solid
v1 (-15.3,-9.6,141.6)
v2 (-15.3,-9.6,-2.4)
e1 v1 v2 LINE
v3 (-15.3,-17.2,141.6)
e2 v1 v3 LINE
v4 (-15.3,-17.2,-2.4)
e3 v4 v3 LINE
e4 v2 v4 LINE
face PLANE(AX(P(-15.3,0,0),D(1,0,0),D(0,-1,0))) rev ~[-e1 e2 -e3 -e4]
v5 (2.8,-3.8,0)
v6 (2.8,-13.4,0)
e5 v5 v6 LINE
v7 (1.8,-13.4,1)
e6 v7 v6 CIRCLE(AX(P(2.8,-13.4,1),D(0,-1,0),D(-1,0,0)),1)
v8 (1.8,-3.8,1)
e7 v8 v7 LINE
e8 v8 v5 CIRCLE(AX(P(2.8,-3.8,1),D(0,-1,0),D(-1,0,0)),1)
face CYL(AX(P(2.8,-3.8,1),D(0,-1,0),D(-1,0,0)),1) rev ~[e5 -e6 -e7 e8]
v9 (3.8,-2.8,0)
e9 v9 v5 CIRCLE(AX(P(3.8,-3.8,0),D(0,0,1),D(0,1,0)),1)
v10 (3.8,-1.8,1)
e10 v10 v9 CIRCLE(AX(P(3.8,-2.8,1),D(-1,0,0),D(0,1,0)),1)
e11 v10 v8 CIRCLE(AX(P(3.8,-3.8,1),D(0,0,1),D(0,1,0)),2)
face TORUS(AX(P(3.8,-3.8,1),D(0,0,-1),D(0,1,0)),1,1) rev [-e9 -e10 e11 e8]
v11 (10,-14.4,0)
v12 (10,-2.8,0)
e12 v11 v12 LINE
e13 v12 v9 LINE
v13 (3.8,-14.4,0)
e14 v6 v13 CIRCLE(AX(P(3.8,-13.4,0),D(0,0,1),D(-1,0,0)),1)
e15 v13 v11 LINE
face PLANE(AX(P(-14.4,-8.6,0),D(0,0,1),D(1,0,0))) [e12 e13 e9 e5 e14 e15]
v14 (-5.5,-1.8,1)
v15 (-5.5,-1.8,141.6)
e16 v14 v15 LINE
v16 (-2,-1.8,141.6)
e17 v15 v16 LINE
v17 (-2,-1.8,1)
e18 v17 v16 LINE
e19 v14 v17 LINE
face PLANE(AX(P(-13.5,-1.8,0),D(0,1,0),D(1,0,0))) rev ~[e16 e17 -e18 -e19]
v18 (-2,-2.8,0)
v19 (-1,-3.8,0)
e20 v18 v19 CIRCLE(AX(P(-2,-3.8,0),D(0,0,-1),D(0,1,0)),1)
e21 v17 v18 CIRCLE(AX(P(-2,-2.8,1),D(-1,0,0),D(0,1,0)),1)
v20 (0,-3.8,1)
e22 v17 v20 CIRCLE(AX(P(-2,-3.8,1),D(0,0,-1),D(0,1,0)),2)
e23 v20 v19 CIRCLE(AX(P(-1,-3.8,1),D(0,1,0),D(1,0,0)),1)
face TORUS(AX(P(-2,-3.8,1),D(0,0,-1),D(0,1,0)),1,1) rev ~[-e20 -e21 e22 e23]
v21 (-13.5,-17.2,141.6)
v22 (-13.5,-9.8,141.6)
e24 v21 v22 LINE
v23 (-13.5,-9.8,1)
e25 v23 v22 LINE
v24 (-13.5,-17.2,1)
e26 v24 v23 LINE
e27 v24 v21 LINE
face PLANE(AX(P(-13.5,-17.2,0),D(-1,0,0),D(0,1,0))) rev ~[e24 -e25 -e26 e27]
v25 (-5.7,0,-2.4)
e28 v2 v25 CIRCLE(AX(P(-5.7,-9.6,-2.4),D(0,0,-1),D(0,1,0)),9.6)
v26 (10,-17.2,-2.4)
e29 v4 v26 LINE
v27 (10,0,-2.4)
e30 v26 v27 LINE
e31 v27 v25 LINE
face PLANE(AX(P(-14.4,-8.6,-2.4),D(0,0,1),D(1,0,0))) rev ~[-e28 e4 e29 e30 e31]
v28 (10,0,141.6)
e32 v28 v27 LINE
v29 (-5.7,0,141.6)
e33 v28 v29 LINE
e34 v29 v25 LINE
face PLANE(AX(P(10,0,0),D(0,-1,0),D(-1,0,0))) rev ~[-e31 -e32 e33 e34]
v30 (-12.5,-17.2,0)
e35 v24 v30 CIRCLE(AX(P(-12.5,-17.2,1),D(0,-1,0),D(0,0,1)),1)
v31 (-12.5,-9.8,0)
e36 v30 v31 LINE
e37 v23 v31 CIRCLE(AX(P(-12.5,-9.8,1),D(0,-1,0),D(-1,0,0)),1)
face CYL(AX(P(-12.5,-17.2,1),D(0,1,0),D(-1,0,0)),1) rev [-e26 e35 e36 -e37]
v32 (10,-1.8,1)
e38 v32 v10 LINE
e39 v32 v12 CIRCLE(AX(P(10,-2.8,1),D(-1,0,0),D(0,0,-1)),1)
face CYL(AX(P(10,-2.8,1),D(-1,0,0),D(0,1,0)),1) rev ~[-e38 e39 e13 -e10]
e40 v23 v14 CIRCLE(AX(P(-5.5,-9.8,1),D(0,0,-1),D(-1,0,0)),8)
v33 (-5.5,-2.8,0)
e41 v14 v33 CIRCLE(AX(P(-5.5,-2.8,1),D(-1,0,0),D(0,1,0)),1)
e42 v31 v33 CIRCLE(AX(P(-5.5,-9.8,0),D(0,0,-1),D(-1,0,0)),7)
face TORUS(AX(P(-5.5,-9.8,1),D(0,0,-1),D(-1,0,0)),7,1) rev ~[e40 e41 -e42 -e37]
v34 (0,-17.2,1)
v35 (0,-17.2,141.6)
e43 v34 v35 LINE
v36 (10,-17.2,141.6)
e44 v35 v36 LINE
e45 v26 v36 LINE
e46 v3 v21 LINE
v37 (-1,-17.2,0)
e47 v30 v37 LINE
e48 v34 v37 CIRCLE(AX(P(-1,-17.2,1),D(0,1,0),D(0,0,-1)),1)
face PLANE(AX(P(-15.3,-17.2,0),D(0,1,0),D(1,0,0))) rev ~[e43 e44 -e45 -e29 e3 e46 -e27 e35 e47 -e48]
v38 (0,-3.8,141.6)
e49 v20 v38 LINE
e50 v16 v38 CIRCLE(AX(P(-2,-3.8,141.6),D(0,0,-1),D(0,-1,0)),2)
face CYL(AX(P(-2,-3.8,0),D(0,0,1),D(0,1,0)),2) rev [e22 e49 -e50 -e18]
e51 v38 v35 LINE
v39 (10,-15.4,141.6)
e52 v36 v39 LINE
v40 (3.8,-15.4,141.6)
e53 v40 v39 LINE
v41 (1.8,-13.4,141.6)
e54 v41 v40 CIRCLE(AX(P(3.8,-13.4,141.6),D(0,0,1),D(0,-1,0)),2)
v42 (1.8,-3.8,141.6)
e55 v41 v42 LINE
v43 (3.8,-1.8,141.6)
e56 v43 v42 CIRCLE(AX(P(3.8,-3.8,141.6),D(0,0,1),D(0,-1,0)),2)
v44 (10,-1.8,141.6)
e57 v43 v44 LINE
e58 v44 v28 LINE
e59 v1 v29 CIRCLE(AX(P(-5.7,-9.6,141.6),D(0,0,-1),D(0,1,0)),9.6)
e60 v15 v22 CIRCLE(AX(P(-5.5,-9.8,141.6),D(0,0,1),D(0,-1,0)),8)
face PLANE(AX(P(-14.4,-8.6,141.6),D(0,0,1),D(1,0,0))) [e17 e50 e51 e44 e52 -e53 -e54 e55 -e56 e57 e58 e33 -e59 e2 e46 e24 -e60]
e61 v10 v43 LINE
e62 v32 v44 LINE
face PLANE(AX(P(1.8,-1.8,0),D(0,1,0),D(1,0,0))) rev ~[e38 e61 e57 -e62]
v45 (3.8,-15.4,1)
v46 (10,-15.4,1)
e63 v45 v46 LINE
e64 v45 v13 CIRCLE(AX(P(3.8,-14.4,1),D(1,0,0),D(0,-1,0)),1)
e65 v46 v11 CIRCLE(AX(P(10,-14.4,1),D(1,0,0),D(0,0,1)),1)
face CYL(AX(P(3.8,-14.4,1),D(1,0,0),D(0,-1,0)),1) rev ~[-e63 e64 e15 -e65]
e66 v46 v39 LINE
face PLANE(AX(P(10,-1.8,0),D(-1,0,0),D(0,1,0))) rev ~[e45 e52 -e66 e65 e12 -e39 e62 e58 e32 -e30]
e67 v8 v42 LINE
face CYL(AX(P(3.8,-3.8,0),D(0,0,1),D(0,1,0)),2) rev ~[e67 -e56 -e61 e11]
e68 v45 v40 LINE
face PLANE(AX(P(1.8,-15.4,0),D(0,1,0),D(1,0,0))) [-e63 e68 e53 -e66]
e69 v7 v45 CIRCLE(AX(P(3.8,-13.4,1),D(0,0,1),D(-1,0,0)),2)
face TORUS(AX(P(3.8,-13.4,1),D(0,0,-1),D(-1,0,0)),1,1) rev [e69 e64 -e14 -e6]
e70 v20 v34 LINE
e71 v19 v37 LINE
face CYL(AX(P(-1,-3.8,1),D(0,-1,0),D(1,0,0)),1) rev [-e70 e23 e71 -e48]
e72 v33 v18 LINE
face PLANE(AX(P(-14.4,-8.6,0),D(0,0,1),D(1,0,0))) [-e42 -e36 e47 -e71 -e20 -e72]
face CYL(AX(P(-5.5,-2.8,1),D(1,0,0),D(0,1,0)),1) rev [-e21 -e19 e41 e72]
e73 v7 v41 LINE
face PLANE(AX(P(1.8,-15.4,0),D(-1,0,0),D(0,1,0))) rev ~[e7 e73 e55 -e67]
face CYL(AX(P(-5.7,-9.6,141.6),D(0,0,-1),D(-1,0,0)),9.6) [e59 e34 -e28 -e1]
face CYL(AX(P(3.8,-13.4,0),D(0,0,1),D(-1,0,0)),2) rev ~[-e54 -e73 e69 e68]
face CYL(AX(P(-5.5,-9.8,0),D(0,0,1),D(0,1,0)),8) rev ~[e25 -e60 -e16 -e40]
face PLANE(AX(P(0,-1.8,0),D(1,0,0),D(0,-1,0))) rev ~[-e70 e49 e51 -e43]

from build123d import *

# Parameters (mm, degrees)
F0_W     = 13.5
F0_H     = 1.8
F0_H_2   = 15.4
F0_W_2   = 8.2
F0_H_3   = 13.6
F1_DEPTH = 2.4
F2_DEPTH = 141.6
F3_R     = 8
F4_R     = 9.6
F5_R     = 2
F6_R     = 1


with BuildPart() as f1:
    # F0 (on Top) → F1 (new body)
    with BuildSketch(Plane.XY):
        Polygon((-13.5, -1.8), (-13.5, 0), (-15.3, 0), (-15.3, -17.2), (-13.5, -17.2), align=None)
        with Locations((-6.75, -0.9)):
            Rectangle(F0_W, F0_H)
        with Locations((-6.75, -9.5)):
            Rectangle(F0_W, F0_H_2)
        Polygon((1.8, -1.8), (0, -1.8), (0, -17.2), (1.8, -17.2), (1.8, -15.4), align=None)
        with Locations((5.9, -16.3)):
            Rectangle(F0_W_2, F0_H)
        with Locations((5.9, -8.6)):
            Rectangle(F0_W_2, F0_H_3)
        Polygon((10, 0), (0, 0), (0, -1.8), (1.8, -1.8), (10, -1.8), align=None)
    extrude(amount=-F1_DEPTH)

    # F0 (on Top) → F2 (join)
    with BuildSketch(Plane.XY):
        Polygon((-13.5, -1.8), (-13.5, 0), (-15.3, 0), (-15.3, -17.2), (-13.5, -17.2), align=None)
        Polygon((1.8, -1.8), (0, -1.8), (0, -17.2), (1.8, -17.2), (1.8, -15.4), align=None)
        with Locations((-6.75, -0.9)):
            Rectangle(F0_W, F0_H)
        Polygon((10, 0), (0, 0), (0, -1.8), (1.8, -1.8), (10, -1.8), align=None)
        with Locations((5.9, -16.3)):
            Rectangle(F0_W_2, F0_H)
    extrude(amount=F2_DEPTH)

    # F3
    f3_edges = [f1.edges().sort_by_distance(p)[0] for p in [
        (-13.5, -1.8, 70.8),
    ]]
    fillet(f3_edges, radius=F3_R)

    # F4
    f4_edges = [f1.edges().sort_by_distance(p)[0] for p in [
        (-15.3, 0, 69.6),
    ]]
    fillet(f4_edges, radius=F4_R)

    # F5
    f5_edges = [f1.edges().sort_by_distance(p)[0] for p in [
        (0, -1.8, 70.8),
        (1.8, -1.8, 70.8),
        (1.8, -15.4, 70.8),
    ]]
    fillet(f5_edges, radius=F5_R)

    # F6
    f6_edges = [f1.edges().sort_by_distance(p)[0] for p in [
        (6.9, -15.4, 0),
        (2.385786, -14.814214, 0),
        (1.8, -8.6, 0),
        (2.385786, -2.385786, 0),
        (6.9, -1.8, 0),
        (0, -10.5, 0),
        (-0.585786, -2.385786, 0),
        (-3.75, -1.8, 0),
        (-11.156854, -4.143146, 0),
        (-13.5, -13.5, 0),
    ]]
    fillet(f6_edges, radius=F6_R)


solid = f1.part
